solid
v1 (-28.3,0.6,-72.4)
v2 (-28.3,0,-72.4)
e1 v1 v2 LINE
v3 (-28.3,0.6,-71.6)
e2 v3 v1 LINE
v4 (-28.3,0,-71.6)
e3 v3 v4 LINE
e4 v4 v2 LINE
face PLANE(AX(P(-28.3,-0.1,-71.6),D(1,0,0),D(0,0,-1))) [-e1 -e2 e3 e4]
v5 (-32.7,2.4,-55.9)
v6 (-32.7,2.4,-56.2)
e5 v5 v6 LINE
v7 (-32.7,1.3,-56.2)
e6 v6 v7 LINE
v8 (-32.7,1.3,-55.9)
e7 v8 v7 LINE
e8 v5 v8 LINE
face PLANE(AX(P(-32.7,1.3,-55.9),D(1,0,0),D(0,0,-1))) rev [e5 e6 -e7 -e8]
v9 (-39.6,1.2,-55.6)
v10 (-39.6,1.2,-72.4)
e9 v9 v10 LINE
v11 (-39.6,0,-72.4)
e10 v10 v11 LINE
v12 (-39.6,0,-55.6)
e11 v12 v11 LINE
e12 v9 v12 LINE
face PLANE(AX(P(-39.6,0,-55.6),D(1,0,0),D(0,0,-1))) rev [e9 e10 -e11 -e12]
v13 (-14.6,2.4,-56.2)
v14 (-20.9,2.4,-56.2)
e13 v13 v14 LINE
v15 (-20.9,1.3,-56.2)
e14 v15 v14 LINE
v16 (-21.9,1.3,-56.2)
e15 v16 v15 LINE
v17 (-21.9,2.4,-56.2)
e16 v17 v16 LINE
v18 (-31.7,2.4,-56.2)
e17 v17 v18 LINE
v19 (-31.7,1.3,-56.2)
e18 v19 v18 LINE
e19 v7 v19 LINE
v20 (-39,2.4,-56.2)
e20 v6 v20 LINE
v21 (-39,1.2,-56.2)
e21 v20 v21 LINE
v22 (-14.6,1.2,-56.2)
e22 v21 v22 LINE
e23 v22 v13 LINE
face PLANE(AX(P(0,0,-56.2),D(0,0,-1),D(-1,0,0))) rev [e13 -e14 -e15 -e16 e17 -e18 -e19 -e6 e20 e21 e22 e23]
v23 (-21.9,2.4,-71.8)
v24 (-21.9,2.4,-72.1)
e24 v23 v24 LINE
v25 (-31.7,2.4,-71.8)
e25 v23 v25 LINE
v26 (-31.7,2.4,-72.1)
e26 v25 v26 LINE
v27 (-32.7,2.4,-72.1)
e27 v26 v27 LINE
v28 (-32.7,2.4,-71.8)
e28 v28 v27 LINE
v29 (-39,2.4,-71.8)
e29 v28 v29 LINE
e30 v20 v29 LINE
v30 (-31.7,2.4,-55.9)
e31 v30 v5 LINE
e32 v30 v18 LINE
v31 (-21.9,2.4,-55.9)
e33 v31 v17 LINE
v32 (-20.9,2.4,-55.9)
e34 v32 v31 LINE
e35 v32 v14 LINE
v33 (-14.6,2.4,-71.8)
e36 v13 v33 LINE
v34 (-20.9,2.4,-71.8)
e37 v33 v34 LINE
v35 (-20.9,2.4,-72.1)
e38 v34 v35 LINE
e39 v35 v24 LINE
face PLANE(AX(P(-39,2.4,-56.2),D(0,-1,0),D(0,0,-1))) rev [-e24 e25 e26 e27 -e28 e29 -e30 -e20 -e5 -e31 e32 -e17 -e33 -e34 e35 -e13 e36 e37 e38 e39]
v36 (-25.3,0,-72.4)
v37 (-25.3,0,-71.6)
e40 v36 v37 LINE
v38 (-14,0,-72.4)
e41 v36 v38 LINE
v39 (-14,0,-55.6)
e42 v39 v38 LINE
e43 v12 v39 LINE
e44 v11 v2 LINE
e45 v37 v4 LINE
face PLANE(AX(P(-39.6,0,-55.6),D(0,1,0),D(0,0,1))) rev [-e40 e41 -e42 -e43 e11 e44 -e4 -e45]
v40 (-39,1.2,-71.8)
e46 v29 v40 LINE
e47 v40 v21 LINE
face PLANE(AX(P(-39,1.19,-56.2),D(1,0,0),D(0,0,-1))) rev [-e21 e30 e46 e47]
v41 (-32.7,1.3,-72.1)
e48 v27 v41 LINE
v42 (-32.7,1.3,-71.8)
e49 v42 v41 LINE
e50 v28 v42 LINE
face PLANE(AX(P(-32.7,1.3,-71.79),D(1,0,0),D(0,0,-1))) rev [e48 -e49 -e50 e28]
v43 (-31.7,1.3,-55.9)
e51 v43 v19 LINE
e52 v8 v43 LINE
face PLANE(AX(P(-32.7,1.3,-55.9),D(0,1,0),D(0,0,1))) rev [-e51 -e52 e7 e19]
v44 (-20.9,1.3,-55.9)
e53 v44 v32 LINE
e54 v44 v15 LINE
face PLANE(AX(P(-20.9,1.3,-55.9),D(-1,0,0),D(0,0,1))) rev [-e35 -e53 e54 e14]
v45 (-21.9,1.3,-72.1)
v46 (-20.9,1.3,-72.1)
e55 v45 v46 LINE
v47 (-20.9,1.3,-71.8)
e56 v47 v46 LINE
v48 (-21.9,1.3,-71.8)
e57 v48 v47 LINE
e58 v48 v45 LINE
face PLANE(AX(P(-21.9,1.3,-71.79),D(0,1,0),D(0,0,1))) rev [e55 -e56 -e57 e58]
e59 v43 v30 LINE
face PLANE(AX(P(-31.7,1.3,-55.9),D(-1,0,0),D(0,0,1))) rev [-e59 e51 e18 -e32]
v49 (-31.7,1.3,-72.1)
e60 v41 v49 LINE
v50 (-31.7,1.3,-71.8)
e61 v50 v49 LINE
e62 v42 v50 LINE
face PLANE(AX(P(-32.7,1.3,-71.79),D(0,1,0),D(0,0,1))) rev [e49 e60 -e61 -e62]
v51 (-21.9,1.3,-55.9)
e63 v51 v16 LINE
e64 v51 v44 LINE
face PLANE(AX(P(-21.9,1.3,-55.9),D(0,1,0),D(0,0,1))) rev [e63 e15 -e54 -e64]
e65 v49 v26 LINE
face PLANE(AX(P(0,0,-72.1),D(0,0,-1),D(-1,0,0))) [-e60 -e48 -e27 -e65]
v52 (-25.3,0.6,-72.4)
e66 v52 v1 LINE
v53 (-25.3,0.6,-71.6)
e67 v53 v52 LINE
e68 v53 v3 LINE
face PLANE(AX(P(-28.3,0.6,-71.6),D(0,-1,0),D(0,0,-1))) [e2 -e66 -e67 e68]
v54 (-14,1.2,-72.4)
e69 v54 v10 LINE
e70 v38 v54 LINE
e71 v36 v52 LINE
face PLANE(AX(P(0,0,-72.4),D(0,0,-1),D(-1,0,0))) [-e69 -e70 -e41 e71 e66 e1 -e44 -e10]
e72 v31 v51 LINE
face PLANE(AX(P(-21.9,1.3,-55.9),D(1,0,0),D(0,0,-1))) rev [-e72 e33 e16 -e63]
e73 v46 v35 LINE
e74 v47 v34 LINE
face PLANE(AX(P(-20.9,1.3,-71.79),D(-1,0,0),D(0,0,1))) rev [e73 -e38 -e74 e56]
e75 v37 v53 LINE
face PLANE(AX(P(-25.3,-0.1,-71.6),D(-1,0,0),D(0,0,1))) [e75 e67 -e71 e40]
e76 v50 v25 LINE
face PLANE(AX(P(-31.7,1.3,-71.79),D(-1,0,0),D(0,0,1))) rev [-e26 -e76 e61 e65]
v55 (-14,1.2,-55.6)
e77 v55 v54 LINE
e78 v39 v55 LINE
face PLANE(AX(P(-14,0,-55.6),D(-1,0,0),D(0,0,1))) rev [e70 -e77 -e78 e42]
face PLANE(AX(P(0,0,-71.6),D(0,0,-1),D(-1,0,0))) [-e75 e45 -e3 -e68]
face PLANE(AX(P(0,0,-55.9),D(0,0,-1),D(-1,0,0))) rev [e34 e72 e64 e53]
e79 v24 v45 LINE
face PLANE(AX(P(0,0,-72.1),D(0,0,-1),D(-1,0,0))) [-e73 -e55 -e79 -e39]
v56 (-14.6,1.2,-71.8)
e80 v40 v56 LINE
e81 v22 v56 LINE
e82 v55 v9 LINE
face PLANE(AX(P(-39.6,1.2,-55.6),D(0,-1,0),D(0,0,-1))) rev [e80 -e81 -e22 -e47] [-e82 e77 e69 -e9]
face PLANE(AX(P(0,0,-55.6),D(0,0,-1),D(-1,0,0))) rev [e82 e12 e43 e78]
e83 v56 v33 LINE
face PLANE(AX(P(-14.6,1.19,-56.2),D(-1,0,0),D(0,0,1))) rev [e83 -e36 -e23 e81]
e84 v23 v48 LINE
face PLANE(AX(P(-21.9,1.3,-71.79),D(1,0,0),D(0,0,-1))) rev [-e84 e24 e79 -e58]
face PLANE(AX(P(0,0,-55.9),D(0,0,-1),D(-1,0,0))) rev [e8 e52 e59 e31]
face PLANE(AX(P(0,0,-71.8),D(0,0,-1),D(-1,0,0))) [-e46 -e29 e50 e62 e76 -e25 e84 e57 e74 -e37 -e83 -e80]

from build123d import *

# Parameters (mm, degrees)
BOSS_EXTRUDE1_START = -72.4
SKETCH1_W           = 25.6
SKETCH1_H           = 1.2
BOSS_EXTRUDE1_DEPTH = 16.8
BOSS_EXTRUDE2_START = -71.8
SKETCH2_W           = 24.4
SKETCH2_H           = 1.21
BOSS_EXTRUDE2_DEPTH = 15.6
BOSS_EXTRUDE3_START = -72.1
SKETCH3_W           = 1
SKETCH3_H           = 1.1
BOSS_EXTRUDE3_DEPTH = 0.31
BOSS_EXTRUDE4_START = -56.21
SKETCH4_W           = 1
SKETCH4_H           = 1.1
BOSS_EXTRUDE4_DEPTH = 0.31
BOSS_EXTRUDE5_START = -72.1
SKETCH5_W           = 1
SKETCH5_H           = 1.1
BOSS_EXTRUDE5_DEPTH = 0.31
BOSS_EXTRUDE6_START = -56.21
SKETCH6_W           = 1
SKETCH6_H           = 1.1
BOSS_EXTRUDE6_DEPTH = 0.31
BOSS_EXTRUDE7_START = -72.5
SKETCH7_W           = 3
SKETCH7_H           = 0.7
BOSS_EXTRUDE7_DEPTH = 0.9


with BuildPart() as part:
    # Sketch1 → Boss-Extrude1 (new body)
    with BuildSketch(Plane.XY.offset(BOSS_EXTRUDE1_START)):
        with Locations((-26.8, 0.6)):
            Rectangle(SKETCH1_W, SKETCH1_H)
    extrude(amount=BOSS_EXTRUDE1_DEPTH)

    # Sketch2 → Boss-Extrude2 (add)
    with BuildSketch(Plane.XY.offset(BOSS_EXTRUDE2_START)):
        with Locations((-26.8, 1.795)):
            Rectangle(SKETCH2_W, SKETCH2_H)
    extrude(amount=BOSS_EXTRUDE2_DEPTH)

    # Sketch3 → Boss-Extrude3 (add)
    with BuildSketch(Plane.XY.offset(BOSS_EXTRUDE3_START)):
        with Locations((-21.4, 1.85)):
            Rectangle(SKETCH3_W, SKETCH3_H)
    extrude(amount=BOSS_EXTRUDE3_DEPTH)

    # Sketch4 → Boss-Extrude4 (add)
    with BuildSketch(Plane.XY.offset(BOSS_EXTRUDE4_START)):
        with Locations((-21.4, 1.85)):
            Rectangle(SKETCH4_W, SKETCH4_H)
    extrude(amount=BOSS_EXTRUDE4_DEPTH)

    # Sketch5 → Boss-Extrude5 (add)
    with BuildSketch(Plane.XY.offset(BOSS_EXTRUDE5_START)):
        with Locations((-32.2, 1.85)):
            Rectangle(SKETCH5_W, SKETCH5_H)
    extrude(amount=BOSS_EXTRUDE5_DEPTH)

    # Sketch6 → Boss-Extrude6 (add)
    with BuildSketch(Plane.XY.offset(BOSS_EXTRUDE6_START)):
        with Locations((-32.2, 1.85)):
            Rectangle(SKETCH6_W, SKETCH6_H)
    extrude(amount=BOSS_EXTRUDE6_DEPTH)


with BuildPart() as body_2:
    # Sketch7 → Boss-Extrude7 (new body)
    with BuildSketch(Plane.XY.offset(BOSS_EXTRUDE7_START)):
        with Locations((-26.8, 0.25)):
            Rectangle(SKETCH7_W, SKETCH7_H)
    extrude(amount=BOSS_EXTRUDE7_DEPTH)


with BuildPart() as part_1:
    add(part.part)

    # Combine1: cut body 2
    add(body_2.part, mode=Mode.SUBTRACT)


solid = part_1.part
